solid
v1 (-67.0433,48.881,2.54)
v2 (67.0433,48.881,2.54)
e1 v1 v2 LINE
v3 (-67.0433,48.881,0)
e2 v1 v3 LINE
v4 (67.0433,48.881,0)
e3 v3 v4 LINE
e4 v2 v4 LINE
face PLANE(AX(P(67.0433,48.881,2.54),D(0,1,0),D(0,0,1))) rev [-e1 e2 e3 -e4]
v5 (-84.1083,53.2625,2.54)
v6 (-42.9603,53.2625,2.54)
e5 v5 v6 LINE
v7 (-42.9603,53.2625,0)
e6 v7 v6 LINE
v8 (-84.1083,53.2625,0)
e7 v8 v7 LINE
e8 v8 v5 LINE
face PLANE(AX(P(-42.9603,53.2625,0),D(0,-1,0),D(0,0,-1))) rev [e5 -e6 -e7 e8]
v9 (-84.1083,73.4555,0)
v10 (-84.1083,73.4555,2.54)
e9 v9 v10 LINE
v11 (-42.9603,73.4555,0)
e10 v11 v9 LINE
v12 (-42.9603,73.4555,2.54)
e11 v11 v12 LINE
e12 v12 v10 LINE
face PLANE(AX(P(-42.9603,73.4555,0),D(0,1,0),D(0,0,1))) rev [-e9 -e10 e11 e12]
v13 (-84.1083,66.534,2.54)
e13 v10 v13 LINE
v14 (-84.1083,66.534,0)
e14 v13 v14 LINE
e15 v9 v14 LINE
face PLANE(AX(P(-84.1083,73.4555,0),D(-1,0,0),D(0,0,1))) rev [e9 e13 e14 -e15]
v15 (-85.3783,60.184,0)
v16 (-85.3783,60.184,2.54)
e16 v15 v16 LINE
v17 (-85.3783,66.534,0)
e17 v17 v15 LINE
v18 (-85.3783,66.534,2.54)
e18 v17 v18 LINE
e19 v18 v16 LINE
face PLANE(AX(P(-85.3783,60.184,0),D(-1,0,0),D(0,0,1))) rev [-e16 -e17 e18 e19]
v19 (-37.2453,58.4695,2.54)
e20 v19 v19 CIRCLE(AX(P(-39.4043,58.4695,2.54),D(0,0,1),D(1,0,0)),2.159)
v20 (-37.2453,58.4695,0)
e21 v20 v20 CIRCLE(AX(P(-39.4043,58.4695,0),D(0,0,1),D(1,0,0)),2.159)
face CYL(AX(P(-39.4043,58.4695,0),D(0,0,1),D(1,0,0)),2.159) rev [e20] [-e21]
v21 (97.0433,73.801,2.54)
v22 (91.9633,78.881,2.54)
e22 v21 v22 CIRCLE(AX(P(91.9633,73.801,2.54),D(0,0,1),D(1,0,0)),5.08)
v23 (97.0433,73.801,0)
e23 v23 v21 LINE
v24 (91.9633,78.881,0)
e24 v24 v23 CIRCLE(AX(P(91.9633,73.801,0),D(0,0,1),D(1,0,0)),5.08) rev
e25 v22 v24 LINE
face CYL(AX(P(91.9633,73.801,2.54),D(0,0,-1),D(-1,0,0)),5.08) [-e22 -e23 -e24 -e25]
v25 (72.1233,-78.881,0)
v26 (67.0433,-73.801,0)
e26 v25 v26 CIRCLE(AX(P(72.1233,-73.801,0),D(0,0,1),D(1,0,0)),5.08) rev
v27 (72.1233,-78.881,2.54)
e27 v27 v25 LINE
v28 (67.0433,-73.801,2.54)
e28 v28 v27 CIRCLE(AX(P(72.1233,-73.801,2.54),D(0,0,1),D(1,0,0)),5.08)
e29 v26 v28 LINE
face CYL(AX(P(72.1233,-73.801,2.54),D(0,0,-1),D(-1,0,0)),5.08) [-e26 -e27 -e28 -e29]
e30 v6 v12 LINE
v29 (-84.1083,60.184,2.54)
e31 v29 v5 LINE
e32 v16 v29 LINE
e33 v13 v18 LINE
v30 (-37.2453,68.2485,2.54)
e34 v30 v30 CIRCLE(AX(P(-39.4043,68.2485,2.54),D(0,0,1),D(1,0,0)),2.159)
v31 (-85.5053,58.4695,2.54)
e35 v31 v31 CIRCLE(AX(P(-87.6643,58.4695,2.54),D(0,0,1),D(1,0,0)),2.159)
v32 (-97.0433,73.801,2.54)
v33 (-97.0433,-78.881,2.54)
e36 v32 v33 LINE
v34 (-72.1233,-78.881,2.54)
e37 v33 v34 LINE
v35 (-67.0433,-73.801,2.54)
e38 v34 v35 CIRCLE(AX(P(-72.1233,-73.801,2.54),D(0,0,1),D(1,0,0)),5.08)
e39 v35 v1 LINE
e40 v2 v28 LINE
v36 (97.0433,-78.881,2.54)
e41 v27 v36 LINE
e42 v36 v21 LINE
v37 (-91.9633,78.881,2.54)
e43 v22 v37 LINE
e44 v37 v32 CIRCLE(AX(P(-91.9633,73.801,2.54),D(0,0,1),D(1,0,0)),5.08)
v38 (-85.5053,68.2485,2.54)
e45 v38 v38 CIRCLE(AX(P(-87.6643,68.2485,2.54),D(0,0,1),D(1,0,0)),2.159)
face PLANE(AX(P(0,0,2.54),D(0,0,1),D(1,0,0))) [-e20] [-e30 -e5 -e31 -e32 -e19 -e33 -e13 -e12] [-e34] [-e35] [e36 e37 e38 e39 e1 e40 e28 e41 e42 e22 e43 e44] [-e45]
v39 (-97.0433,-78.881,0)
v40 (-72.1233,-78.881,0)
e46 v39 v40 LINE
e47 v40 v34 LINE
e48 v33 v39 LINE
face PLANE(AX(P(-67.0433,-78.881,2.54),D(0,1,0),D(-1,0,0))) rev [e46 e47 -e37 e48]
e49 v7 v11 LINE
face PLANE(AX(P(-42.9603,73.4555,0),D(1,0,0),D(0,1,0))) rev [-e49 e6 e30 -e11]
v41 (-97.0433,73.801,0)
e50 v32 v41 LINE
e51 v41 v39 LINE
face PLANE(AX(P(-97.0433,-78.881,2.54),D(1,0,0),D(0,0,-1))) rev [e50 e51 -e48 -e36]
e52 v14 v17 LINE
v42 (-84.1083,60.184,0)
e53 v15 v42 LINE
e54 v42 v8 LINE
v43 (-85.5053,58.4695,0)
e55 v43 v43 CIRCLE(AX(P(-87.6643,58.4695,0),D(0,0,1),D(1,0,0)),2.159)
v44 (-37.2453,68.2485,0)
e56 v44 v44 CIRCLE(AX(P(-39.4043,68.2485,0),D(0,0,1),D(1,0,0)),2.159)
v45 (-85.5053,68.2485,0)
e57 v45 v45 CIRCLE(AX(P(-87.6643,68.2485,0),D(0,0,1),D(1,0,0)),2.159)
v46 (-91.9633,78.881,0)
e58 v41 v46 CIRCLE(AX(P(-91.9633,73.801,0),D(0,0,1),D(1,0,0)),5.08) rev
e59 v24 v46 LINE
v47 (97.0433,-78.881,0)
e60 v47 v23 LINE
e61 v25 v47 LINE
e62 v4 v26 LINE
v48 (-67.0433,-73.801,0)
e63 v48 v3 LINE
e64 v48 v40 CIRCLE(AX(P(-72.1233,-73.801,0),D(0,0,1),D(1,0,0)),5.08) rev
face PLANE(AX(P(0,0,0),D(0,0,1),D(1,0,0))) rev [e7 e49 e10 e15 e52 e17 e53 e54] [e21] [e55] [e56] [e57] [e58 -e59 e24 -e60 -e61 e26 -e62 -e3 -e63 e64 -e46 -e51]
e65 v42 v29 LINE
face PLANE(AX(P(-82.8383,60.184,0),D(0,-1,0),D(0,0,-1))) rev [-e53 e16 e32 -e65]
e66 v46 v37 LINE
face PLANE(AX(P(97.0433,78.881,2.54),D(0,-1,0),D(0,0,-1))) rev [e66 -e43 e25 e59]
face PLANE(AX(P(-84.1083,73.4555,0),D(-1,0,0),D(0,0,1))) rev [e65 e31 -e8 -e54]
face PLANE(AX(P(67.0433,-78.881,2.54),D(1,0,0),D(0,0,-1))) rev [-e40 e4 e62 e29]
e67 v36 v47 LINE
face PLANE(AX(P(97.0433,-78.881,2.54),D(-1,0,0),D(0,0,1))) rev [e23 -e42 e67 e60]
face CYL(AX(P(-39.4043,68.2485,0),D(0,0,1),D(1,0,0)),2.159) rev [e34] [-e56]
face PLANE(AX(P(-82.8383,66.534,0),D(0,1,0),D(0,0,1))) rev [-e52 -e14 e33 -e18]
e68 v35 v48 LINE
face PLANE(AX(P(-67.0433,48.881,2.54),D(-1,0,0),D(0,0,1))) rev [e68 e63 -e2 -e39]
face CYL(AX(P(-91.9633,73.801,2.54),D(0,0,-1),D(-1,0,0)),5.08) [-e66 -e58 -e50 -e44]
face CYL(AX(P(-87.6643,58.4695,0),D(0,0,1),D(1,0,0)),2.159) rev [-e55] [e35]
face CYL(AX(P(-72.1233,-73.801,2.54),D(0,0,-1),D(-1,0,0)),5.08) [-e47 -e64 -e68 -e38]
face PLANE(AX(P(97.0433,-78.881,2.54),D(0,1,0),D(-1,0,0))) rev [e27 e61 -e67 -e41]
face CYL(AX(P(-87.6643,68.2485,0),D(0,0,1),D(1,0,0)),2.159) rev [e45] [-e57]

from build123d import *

# Parameters (mm, degrees)
BOSS_EXTRUDE1_DEPTH = 2.54
SKETCH2_R           = 2.159
CUT_EXTRUDE1_DEPTH  = 2.54
FILLET1_R           = 5.08
SKETCH3_W           = 2.54
SKETCH3_H           = 6.35
CUT_EXTRUDE4_DEPTH  = 3.54


with BuildPart() as part:
    # Sketch1 → Boss-Extrude1 (new body)
    with BuildSketch(Plane.XY):
        Polygon((67.0433, -78.881), (67.0433, 48.881), (-67.0433, 48.881), (-67.0433, -78.881), (-97.0433, -78.881), (-97.0433, 78.881), (97.0433, 78.881), (97.0433, -78.881), align=None)
    extrude(amount=BOSS_EXTRUDE1_DEPTH)

    # Sketch2 → Cut-Extrude1 (cut)
    with BuildSketch(Plane.XY.offset(2.54)):
        with Locations((-87.6643, 68.2485)):
            Circle(SKETCH2_R)
        with Locations((-87.6643, 58.4695)):
            Circle(SKETCH2_R)
        with Locations((-39.4043, 68.2485)):
            Circle(SKETCH2_R)
        with Locations((-39.4043, 58.4695)):
            Circle(SKETCH2_R)
        Polygon((-42.9603, 73.4555), (-84.1083, 73.4555), (-84.1083, 53.2625), (-42.9603, 53.2625), (-42.9603, 63.359), align=None)
    extrude(amount=-CUT_EXTRUDE1_DEPTH, mode=Mode.SUBTRACT)

    # Fillet1
    fillet1_edges = [part.edges().sort_by_distance(p)[0] for p in [
        (-97.0433, 78.881, 1.27),
        (97.0433, 78.881, 1.27),
        (67.0433, -78.881, 1.27),
        (-67.0433, -78.881, 1.27),
    ]]
    fillet(fillet1_edges, radius=FILLET1_R)

    # Sketch3 → Cut-Extrude4 (cut, through all)
    with BuildSketch(Plane.XY.offset(2.54)):
        with Locations((-84.1083, 63.359)):
            Rectangle(SKETCH3_W, SKETCH3_H)
    extrude(amount=-CUT_EXTRUDE4_DEPTH, mode=Mode.SUBTRACT)


solid = part.part
